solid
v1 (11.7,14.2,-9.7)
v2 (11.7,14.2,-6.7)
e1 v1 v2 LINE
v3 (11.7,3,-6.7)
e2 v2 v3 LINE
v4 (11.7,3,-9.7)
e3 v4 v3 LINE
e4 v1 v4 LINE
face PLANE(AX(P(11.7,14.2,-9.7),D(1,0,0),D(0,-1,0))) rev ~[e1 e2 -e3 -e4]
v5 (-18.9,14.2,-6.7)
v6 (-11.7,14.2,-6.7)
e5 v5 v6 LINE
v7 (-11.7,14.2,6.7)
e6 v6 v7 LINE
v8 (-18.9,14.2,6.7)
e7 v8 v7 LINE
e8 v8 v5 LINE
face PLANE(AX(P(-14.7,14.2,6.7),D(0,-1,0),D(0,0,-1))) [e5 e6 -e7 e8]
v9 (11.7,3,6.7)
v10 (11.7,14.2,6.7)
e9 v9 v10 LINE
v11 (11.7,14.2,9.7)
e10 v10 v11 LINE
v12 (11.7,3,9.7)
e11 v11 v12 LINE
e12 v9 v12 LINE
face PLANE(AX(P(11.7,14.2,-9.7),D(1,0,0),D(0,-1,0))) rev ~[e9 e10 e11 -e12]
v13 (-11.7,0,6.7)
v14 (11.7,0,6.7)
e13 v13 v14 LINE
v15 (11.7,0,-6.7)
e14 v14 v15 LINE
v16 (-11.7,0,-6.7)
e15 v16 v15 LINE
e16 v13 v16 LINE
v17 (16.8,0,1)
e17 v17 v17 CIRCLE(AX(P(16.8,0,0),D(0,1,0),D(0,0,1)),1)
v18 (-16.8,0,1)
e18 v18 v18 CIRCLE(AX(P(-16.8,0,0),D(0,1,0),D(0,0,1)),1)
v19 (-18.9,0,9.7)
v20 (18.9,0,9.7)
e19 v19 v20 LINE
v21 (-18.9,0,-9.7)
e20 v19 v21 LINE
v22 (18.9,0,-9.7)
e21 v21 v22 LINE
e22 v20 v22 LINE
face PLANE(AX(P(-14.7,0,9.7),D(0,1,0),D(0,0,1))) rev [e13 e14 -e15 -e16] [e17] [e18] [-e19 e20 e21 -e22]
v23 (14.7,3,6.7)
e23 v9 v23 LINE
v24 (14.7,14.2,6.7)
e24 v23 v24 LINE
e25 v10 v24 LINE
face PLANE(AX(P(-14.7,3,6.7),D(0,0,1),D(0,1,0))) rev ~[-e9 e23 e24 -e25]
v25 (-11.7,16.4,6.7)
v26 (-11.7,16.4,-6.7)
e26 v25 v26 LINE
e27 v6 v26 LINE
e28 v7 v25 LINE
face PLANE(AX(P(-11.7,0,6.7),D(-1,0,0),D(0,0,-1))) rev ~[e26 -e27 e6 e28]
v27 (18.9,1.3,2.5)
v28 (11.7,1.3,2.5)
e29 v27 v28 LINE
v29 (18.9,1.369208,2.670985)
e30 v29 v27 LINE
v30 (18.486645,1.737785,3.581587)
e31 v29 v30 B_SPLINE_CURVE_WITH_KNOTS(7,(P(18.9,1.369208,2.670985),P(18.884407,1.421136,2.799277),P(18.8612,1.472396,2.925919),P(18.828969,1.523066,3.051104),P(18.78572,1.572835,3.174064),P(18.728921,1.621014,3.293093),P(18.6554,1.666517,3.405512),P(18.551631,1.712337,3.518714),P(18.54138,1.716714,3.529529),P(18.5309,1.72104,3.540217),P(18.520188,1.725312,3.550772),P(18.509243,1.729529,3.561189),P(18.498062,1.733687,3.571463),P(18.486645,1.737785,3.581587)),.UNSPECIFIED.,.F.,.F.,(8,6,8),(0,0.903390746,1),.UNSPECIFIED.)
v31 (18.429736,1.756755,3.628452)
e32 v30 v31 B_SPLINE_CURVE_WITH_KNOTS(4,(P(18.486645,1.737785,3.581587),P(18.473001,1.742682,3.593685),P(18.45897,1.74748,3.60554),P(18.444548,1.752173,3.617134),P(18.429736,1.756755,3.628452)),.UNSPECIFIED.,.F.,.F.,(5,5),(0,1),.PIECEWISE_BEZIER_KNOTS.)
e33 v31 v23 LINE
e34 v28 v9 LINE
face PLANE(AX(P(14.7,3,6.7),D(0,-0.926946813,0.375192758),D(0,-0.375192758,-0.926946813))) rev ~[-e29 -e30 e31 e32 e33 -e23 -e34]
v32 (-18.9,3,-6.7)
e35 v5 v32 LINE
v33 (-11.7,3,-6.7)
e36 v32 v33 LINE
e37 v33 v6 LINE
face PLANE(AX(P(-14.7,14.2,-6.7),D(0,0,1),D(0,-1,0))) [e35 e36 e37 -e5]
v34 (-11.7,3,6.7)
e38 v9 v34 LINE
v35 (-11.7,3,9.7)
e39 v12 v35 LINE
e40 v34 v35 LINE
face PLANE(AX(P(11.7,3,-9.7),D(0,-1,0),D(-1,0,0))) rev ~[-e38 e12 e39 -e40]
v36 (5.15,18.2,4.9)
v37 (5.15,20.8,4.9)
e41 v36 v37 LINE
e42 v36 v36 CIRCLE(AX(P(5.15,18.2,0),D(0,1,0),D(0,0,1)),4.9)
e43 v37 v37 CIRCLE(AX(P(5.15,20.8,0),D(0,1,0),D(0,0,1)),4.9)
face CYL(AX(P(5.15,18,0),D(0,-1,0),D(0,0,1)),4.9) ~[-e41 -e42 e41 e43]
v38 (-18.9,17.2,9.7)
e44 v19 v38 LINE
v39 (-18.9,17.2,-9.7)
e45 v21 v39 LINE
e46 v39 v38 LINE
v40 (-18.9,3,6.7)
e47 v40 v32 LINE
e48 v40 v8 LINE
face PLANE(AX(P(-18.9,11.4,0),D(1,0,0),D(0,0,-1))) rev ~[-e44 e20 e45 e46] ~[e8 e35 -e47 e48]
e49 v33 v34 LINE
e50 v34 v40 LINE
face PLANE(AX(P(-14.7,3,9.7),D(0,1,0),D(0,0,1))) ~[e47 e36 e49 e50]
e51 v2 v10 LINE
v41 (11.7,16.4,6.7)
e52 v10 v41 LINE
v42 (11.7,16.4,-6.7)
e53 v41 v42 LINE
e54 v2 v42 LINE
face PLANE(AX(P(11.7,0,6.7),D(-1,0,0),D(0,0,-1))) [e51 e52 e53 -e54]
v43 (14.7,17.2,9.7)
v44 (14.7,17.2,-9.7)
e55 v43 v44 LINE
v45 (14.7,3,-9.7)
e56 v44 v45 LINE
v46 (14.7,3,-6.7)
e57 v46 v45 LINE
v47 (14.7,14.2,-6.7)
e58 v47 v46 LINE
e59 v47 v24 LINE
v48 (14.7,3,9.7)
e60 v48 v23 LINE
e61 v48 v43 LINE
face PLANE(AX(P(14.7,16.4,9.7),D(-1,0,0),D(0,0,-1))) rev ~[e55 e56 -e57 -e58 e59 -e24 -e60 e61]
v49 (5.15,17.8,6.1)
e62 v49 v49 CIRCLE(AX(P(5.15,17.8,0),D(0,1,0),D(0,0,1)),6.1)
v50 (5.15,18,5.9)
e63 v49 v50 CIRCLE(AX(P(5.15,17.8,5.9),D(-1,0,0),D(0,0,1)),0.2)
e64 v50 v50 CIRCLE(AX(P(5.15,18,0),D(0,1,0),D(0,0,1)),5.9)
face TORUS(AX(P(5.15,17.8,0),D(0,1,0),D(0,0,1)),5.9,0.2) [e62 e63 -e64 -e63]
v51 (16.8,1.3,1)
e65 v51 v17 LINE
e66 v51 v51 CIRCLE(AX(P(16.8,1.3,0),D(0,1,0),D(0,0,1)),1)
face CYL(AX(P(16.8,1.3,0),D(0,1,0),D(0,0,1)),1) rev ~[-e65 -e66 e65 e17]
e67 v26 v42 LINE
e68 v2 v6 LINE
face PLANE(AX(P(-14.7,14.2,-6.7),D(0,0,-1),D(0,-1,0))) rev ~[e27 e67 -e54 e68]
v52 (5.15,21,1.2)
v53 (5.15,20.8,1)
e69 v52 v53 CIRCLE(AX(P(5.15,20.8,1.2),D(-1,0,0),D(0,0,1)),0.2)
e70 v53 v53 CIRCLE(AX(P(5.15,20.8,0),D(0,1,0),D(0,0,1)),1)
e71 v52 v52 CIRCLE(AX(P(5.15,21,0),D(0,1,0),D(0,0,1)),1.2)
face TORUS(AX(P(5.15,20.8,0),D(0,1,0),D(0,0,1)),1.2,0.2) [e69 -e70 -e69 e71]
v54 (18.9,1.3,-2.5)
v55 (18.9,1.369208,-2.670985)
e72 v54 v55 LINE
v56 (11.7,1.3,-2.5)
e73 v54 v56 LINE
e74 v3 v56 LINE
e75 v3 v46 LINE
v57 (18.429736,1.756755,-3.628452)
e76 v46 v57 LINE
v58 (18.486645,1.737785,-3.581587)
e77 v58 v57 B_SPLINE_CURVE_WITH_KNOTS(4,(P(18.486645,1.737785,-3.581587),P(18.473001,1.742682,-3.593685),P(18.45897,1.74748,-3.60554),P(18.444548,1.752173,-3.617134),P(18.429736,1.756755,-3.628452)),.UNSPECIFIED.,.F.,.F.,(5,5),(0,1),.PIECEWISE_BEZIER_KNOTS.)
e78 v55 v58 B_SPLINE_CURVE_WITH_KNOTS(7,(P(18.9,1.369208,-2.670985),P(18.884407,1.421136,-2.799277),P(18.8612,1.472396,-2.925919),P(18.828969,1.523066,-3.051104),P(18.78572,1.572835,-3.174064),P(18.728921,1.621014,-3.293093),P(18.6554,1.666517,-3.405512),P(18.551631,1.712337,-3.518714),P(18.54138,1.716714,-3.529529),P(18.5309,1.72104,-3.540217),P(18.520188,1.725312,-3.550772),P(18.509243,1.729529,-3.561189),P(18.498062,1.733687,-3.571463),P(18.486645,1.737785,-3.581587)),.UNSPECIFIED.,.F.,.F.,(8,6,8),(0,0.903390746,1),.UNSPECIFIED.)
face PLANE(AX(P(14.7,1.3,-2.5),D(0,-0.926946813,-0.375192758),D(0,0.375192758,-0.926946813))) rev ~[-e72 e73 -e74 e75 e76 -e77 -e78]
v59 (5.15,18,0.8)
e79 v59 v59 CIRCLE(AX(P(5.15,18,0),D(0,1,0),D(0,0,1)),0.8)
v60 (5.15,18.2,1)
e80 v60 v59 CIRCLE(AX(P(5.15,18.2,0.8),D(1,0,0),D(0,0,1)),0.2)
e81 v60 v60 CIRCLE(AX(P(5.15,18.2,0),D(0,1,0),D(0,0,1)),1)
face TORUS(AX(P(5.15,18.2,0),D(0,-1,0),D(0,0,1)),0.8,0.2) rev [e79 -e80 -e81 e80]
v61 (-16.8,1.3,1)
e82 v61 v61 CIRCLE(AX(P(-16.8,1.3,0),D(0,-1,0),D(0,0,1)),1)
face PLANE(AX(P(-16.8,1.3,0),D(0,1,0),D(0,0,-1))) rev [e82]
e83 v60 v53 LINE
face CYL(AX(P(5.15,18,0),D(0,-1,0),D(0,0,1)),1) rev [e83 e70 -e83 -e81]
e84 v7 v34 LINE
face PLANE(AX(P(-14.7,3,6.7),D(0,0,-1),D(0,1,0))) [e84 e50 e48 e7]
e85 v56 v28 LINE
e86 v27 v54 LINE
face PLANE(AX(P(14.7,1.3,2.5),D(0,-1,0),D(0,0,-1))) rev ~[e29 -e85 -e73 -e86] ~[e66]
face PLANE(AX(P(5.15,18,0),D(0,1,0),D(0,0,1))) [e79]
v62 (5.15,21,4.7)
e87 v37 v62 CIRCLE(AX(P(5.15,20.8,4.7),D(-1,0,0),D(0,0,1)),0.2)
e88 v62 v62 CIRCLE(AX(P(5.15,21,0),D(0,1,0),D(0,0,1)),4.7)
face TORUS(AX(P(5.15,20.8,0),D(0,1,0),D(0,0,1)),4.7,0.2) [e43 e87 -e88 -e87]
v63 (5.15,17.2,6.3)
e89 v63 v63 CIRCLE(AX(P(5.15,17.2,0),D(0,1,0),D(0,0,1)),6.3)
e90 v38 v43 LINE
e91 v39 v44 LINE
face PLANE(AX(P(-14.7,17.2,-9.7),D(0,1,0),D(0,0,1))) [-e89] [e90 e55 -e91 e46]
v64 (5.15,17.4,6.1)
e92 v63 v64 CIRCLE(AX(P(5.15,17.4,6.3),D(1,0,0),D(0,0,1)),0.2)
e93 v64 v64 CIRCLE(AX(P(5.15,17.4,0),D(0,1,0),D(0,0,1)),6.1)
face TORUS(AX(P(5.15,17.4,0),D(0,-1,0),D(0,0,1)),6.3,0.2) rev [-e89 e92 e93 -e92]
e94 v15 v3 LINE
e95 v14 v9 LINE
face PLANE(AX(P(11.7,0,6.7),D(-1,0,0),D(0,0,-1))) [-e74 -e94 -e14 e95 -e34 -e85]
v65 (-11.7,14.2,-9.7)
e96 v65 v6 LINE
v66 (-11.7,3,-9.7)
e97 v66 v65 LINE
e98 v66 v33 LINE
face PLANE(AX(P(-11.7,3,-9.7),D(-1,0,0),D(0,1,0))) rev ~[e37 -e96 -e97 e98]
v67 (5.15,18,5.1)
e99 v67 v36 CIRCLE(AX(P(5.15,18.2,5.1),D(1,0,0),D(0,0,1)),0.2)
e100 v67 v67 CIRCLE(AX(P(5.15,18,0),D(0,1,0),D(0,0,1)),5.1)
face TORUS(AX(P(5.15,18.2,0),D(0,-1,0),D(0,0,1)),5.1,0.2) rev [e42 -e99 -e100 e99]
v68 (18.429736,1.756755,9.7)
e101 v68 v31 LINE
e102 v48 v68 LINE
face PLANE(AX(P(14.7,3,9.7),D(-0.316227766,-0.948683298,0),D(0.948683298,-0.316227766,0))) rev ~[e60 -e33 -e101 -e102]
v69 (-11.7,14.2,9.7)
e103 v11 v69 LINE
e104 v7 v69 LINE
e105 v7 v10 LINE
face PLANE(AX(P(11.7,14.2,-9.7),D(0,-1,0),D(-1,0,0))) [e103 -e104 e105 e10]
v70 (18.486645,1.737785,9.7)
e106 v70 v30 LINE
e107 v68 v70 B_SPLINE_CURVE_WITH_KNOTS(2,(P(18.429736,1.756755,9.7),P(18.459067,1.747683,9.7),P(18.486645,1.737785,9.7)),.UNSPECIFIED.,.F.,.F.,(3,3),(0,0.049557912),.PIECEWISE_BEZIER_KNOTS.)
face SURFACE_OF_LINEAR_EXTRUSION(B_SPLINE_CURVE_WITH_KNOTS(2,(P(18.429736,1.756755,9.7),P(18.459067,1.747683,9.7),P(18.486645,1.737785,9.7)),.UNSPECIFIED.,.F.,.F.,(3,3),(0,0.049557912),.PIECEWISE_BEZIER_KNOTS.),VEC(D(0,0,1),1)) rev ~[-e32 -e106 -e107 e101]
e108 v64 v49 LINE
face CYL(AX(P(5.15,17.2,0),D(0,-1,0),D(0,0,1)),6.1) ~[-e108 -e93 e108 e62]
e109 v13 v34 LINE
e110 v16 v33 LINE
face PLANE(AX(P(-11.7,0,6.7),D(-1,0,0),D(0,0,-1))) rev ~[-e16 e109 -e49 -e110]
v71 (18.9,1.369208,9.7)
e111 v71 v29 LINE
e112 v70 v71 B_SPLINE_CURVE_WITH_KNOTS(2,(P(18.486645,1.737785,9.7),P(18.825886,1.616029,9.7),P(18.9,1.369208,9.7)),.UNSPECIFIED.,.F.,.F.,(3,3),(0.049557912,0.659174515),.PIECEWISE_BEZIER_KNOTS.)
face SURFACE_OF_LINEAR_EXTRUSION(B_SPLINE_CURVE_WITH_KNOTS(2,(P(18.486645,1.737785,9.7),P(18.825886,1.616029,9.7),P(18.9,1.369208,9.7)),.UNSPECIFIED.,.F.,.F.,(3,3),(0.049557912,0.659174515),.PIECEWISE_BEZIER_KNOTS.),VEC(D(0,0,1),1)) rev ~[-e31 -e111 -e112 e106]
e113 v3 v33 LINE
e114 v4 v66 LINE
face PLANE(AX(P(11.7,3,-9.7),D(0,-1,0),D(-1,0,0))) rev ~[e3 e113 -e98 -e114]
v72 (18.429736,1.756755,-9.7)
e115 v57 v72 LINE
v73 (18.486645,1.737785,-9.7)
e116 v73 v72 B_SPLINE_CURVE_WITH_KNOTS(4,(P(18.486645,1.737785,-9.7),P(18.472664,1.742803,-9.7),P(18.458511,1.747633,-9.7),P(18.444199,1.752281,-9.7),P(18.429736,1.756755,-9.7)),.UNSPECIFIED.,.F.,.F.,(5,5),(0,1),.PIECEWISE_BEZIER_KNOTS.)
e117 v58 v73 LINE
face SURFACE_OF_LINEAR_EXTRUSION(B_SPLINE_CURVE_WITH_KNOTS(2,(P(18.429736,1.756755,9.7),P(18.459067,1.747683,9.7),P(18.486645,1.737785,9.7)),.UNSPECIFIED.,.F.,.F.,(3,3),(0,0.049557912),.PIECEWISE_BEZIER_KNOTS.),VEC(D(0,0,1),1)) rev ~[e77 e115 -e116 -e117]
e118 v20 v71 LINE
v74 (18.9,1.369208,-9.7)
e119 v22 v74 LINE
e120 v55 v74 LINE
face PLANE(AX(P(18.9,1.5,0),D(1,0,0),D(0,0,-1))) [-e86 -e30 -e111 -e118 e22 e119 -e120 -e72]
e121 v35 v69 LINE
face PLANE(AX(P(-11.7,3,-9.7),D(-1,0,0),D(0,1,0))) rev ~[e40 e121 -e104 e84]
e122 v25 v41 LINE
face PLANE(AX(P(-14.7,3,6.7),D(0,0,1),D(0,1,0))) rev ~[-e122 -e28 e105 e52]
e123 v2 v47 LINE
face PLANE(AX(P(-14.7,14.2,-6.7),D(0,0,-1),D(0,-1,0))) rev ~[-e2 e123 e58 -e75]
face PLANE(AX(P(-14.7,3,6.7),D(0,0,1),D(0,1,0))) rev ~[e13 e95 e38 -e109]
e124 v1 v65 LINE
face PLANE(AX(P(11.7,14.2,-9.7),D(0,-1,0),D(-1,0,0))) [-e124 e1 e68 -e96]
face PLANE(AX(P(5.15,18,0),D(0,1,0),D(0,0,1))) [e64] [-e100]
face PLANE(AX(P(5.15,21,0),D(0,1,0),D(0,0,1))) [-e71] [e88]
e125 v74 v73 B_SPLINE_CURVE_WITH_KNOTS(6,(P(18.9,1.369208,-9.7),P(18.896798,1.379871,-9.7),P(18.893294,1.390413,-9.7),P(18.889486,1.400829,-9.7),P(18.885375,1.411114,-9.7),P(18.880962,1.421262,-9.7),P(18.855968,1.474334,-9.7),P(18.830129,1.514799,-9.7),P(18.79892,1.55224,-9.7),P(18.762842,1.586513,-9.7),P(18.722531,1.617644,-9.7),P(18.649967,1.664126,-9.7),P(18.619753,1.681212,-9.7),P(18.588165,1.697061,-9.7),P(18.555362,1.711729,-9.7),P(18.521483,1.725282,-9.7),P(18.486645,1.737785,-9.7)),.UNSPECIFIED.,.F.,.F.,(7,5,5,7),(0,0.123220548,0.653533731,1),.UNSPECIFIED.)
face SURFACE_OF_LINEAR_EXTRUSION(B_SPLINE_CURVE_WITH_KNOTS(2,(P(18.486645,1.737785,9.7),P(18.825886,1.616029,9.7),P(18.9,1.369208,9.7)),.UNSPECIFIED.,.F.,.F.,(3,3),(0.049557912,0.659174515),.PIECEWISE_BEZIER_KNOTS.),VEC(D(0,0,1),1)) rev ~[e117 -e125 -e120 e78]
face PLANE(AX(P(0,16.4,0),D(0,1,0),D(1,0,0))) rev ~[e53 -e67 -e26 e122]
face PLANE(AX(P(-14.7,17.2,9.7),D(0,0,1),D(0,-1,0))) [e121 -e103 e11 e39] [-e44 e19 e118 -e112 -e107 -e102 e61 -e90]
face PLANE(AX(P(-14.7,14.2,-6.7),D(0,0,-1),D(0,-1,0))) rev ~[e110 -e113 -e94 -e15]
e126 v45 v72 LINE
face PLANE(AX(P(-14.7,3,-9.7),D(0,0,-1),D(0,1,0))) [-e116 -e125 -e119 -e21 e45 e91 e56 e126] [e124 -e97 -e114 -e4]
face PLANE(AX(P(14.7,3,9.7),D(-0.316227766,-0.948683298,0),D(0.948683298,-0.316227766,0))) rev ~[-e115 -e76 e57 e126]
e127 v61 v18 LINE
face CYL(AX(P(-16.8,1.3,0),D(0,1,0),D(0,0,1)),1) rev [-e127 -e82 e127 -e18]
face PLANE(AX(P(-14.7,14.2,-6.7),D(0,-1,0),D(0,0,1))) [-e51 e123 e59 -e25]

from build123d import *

# Parameters (mm, degrees)
SKETCH_1_W          = 29.4
SKETCH_1_H          = 19.4
SKETCH_1_W_2        = 23.4
SKETCH_1_H_2        = 13.4
EXTRUDE_1_DEPTH     = 16.4
SKETCH_2_W          = 29.4
SKETCH_2_H          = 19.4
EXTRUDE_2_DEPTH     = 0.8
SKETCH_3_R          = 6.1
EXTRUDE_3_DEPTH     = 0.8
SKETCH_5_R          = 4.9
SKETCH_5_R_2        = 1
EXTRUDE_4_DEPTH     = 3
FILLET_1_R          = 0.2
SKETCH_7_W          = 13.4
SKETCH_7_H          = 5.6
CUT_EXTRUDE_2_DEPTH = 30
SKETCH_8_W          = 23.4
SKETCH_8_H          = 5.6
CUT_EXTRUDE_3_DEPTH = 30
SKETCH_9_W          = 19.4
SKETCH_9_H          = 3
EXTRUDE_5_DEPTH     = 4.2
CUT_EXTRUDE_4_DEPTH = 20.2
CUT_EXTRUDE_5_DEPTH = 5.1
SKETCH_12_R         = 1
CUT_EXTRUDE_6_DEPTH = 2.2
EXTRUDE_6_DEPTH     = 4.2


with BuildPart() as part:
    # 草图1 → 凸台-拉伸1 (new body)
    with BuildSketch(Plane(origin=(0, 0, 0), x_dir=(1, 0, 0), z_dir=(0, 1, 0))):
        Rectangle(SKETCH_1_W, SKETCH_1_H)
        Rectangle(SKETCH_1_W_2, SKETCH_1_H_2, mode=Mode.SUBTRACT)
    extrude(amount=EXTRUDE_1_DEPTH)

    # 草图2 → 凸台-拉伸2 (add)
    with BuildSketch(Plane(origin=(0, 16.4, 0), x_dir=(1, 0, 0), z_dir=(0, 1, 0))):
        Rectangle(SKETCH_2_W, SKETCH_2_H)
    extrude(amount=EXTRUDE_2_DEPTH)

    # 草图3 → 凸台-拉伸3 (add)
    with BuildSketch(Plane(origin=(0, 17.2, 0), x_dir=(1, 0, 0), z_dir=(0, 1, 0))):
        with Locations(Location((5.15, 0, 0), (0, 0, 270))):
            Circle(SKETCH_3_R)
    extrude(amount=EXTRUDE_3_DEPTH)

    # 草图5 → 凸台-拉伸4 (add)
    with BuildSketch(Plane(origin=(0, 18, 0), x_dir=(1, 0, 0), z_dir=(0, 1, 0))):
        with Locations(Location((5.15, 0, 0), (0, 0, 270))):
            Circle(SKETCH_5_R)
        with Locations(Location((5.15, 0, 0), (0, 0, 270))):
            Circle(SKETCH_5_R_2, mode=Mode.SUBTRACT)
    extrude(amount=EXTRUDE_4_DEPTH)

    # 圆角1
    fillet_1_edges = [part.edges().sort_by_distance(p)[0] for p in [
        (5.15, 17.2, -6.1),
        (5.15, 18, -6.1),
        (5.15, 18, -1),
        (5.15, 21, -4.9),
        (5.15, 18, -4.9),
        (5.15, 21, -1),
    ]]
    fillet(fillet_1_edges, radius=FILLET_1_R)

    # 草图7 → 切除-拉伸2 (cut)
    with BuildSketch(Plane.ZY.offset(14.7)):
        with Locations((0, 11.4)):
            Rectangle(SKETCH_7_W, SKETCH_7_H)
        with Locations((0, 5.8)):
            Rectangle(SKETCH_7_W, SKETCH_7_H)
    extrude(amount=-CUT_EXTRUDE_2_DEPTH, mode=Mode.SUBTRACT)

    # 草图8 → 切除-拉伸3 (cut)
    with BuildSketch(Plane(origin=(0, 0, -9.7), x_dir=(-1, 0, 0), z_dir=(0, 0, -1))):
        with Locations((0, 11.4)):
            Rectangle(SKETCH_8_W, SKETCH_8_H)
        with Locations((0, 5.8)):
            Rectangle(SKETCH_8_W, SKETCH_8_H)
    extrude(amount=-CUT_EXTRUDE_3_DEPTH, mode=Mode.SUBTRACT)

    # 草图9 → 凸台-拉伸5 (add)
    with BuildSketch(Plane(origin=(14.7, 0, 0), x_dir=(0, 0, -1), z_dir=(1, 0, 0))):
        with Locations((0, 1.5)):
            Rectangle(SKETCH_9_W, SKETCH_9_H)
    extrude_5 = extrude(amount=EXTRUDE_5_DEPTH)

    # 草图10 → 切除-拉伸4 (cut)
    with BuildSketch(Plane.XY.offset(9.7)):
        with BuildLine():
            add(Edge.make_bspline(
                [(18.486644801, 1.737785066), (18.825886074, 1.616028978), (18.9, 1.36920832)],
                knots=[0.049557912, 0.049557912, 0.049557912, 0.659174515, 0.659174515, 0.659174515], degree=2))
            Line((18.9, 1.36920832), (18.9, 1.6))
            Line((18.9, 1.6), (18.9, 3))
            Line((18.9, 3), (14.7, 3))
            Line((14.7, 3), (18.429736397, 1.756754534))
            add(Edge.make_bspline(
                [(18.429736397, 1.756754534), (18.459066665, 1.747683054), (18.486644801, 1.737785066)],
                knots=[0, 0, 0, 0.049557912, 0.049557912, 0.049557912], degree=2))
        make_face()
    extrude(amount=-CUT_EXTRUDE_4_DEPTH, mode=Mode.SUBTRACT)

    # 草图11 → 切除-拉伸5 (cut, symmetric)
    with BuildSketch(Plane(origin=(14.7, 0, 0), x_dir=(0, 0, -1), z_dir=(1, 0, 0))):
        Polygon((2.5, 1.3), (6.7, 3), (-6.7, 3), (-2.5, 1.3), align=None)
    extrude(amount=CUT_EXTRUDE_5_DEPTH, both=True, mode=Mode.SUBTRACT)

    # 草图12 → 切除-拉伸6 (cut)
    with BuildSketch(Plane(origin=(0, 1.3, 0), x_dir=(1, 0, 0), z_dir=(0, 1, 0))):
        with Locations(Location((16.8, 0, 0), (0, 0, 270))):
            Circle(SKETCH_12_R)
    cut_extrude_6 = extrude(amount=-CUT_EXTRUDE_6_DEPTH, mode=Mode.SUBTRACT)

    # 镜向1: 凸台-拉伸5, 切除-拉伸6 across plane
    add(extrude_5.mirror(Plane(origin=(0, 0, 0), x_dir=(0, 0, 1), z_dir=(1, 0, 0))))
    add(cut_extrude_6.mirror(Plane(origin=(0, 0, 0), x_dir=(0, 0, 1), z_dir=(1, 0, 0))), mode=Mode.SUBTRACT)

    # 草图13 → 凸台-拉伸6 (add)
    with BuildSketch(Plane.ZY.offset(14.7)):
        Polygon((-6.7, 3), (-9.7, 3), (-9.7, 17.2), (9.7, 17.2), (9.7, 3), (6.7, 3), (6.7, 14.2), (-6.7, 14.2), align=None)
    extrude(amount=EXTRUDE_6_DEPTH)


solid = part.part
